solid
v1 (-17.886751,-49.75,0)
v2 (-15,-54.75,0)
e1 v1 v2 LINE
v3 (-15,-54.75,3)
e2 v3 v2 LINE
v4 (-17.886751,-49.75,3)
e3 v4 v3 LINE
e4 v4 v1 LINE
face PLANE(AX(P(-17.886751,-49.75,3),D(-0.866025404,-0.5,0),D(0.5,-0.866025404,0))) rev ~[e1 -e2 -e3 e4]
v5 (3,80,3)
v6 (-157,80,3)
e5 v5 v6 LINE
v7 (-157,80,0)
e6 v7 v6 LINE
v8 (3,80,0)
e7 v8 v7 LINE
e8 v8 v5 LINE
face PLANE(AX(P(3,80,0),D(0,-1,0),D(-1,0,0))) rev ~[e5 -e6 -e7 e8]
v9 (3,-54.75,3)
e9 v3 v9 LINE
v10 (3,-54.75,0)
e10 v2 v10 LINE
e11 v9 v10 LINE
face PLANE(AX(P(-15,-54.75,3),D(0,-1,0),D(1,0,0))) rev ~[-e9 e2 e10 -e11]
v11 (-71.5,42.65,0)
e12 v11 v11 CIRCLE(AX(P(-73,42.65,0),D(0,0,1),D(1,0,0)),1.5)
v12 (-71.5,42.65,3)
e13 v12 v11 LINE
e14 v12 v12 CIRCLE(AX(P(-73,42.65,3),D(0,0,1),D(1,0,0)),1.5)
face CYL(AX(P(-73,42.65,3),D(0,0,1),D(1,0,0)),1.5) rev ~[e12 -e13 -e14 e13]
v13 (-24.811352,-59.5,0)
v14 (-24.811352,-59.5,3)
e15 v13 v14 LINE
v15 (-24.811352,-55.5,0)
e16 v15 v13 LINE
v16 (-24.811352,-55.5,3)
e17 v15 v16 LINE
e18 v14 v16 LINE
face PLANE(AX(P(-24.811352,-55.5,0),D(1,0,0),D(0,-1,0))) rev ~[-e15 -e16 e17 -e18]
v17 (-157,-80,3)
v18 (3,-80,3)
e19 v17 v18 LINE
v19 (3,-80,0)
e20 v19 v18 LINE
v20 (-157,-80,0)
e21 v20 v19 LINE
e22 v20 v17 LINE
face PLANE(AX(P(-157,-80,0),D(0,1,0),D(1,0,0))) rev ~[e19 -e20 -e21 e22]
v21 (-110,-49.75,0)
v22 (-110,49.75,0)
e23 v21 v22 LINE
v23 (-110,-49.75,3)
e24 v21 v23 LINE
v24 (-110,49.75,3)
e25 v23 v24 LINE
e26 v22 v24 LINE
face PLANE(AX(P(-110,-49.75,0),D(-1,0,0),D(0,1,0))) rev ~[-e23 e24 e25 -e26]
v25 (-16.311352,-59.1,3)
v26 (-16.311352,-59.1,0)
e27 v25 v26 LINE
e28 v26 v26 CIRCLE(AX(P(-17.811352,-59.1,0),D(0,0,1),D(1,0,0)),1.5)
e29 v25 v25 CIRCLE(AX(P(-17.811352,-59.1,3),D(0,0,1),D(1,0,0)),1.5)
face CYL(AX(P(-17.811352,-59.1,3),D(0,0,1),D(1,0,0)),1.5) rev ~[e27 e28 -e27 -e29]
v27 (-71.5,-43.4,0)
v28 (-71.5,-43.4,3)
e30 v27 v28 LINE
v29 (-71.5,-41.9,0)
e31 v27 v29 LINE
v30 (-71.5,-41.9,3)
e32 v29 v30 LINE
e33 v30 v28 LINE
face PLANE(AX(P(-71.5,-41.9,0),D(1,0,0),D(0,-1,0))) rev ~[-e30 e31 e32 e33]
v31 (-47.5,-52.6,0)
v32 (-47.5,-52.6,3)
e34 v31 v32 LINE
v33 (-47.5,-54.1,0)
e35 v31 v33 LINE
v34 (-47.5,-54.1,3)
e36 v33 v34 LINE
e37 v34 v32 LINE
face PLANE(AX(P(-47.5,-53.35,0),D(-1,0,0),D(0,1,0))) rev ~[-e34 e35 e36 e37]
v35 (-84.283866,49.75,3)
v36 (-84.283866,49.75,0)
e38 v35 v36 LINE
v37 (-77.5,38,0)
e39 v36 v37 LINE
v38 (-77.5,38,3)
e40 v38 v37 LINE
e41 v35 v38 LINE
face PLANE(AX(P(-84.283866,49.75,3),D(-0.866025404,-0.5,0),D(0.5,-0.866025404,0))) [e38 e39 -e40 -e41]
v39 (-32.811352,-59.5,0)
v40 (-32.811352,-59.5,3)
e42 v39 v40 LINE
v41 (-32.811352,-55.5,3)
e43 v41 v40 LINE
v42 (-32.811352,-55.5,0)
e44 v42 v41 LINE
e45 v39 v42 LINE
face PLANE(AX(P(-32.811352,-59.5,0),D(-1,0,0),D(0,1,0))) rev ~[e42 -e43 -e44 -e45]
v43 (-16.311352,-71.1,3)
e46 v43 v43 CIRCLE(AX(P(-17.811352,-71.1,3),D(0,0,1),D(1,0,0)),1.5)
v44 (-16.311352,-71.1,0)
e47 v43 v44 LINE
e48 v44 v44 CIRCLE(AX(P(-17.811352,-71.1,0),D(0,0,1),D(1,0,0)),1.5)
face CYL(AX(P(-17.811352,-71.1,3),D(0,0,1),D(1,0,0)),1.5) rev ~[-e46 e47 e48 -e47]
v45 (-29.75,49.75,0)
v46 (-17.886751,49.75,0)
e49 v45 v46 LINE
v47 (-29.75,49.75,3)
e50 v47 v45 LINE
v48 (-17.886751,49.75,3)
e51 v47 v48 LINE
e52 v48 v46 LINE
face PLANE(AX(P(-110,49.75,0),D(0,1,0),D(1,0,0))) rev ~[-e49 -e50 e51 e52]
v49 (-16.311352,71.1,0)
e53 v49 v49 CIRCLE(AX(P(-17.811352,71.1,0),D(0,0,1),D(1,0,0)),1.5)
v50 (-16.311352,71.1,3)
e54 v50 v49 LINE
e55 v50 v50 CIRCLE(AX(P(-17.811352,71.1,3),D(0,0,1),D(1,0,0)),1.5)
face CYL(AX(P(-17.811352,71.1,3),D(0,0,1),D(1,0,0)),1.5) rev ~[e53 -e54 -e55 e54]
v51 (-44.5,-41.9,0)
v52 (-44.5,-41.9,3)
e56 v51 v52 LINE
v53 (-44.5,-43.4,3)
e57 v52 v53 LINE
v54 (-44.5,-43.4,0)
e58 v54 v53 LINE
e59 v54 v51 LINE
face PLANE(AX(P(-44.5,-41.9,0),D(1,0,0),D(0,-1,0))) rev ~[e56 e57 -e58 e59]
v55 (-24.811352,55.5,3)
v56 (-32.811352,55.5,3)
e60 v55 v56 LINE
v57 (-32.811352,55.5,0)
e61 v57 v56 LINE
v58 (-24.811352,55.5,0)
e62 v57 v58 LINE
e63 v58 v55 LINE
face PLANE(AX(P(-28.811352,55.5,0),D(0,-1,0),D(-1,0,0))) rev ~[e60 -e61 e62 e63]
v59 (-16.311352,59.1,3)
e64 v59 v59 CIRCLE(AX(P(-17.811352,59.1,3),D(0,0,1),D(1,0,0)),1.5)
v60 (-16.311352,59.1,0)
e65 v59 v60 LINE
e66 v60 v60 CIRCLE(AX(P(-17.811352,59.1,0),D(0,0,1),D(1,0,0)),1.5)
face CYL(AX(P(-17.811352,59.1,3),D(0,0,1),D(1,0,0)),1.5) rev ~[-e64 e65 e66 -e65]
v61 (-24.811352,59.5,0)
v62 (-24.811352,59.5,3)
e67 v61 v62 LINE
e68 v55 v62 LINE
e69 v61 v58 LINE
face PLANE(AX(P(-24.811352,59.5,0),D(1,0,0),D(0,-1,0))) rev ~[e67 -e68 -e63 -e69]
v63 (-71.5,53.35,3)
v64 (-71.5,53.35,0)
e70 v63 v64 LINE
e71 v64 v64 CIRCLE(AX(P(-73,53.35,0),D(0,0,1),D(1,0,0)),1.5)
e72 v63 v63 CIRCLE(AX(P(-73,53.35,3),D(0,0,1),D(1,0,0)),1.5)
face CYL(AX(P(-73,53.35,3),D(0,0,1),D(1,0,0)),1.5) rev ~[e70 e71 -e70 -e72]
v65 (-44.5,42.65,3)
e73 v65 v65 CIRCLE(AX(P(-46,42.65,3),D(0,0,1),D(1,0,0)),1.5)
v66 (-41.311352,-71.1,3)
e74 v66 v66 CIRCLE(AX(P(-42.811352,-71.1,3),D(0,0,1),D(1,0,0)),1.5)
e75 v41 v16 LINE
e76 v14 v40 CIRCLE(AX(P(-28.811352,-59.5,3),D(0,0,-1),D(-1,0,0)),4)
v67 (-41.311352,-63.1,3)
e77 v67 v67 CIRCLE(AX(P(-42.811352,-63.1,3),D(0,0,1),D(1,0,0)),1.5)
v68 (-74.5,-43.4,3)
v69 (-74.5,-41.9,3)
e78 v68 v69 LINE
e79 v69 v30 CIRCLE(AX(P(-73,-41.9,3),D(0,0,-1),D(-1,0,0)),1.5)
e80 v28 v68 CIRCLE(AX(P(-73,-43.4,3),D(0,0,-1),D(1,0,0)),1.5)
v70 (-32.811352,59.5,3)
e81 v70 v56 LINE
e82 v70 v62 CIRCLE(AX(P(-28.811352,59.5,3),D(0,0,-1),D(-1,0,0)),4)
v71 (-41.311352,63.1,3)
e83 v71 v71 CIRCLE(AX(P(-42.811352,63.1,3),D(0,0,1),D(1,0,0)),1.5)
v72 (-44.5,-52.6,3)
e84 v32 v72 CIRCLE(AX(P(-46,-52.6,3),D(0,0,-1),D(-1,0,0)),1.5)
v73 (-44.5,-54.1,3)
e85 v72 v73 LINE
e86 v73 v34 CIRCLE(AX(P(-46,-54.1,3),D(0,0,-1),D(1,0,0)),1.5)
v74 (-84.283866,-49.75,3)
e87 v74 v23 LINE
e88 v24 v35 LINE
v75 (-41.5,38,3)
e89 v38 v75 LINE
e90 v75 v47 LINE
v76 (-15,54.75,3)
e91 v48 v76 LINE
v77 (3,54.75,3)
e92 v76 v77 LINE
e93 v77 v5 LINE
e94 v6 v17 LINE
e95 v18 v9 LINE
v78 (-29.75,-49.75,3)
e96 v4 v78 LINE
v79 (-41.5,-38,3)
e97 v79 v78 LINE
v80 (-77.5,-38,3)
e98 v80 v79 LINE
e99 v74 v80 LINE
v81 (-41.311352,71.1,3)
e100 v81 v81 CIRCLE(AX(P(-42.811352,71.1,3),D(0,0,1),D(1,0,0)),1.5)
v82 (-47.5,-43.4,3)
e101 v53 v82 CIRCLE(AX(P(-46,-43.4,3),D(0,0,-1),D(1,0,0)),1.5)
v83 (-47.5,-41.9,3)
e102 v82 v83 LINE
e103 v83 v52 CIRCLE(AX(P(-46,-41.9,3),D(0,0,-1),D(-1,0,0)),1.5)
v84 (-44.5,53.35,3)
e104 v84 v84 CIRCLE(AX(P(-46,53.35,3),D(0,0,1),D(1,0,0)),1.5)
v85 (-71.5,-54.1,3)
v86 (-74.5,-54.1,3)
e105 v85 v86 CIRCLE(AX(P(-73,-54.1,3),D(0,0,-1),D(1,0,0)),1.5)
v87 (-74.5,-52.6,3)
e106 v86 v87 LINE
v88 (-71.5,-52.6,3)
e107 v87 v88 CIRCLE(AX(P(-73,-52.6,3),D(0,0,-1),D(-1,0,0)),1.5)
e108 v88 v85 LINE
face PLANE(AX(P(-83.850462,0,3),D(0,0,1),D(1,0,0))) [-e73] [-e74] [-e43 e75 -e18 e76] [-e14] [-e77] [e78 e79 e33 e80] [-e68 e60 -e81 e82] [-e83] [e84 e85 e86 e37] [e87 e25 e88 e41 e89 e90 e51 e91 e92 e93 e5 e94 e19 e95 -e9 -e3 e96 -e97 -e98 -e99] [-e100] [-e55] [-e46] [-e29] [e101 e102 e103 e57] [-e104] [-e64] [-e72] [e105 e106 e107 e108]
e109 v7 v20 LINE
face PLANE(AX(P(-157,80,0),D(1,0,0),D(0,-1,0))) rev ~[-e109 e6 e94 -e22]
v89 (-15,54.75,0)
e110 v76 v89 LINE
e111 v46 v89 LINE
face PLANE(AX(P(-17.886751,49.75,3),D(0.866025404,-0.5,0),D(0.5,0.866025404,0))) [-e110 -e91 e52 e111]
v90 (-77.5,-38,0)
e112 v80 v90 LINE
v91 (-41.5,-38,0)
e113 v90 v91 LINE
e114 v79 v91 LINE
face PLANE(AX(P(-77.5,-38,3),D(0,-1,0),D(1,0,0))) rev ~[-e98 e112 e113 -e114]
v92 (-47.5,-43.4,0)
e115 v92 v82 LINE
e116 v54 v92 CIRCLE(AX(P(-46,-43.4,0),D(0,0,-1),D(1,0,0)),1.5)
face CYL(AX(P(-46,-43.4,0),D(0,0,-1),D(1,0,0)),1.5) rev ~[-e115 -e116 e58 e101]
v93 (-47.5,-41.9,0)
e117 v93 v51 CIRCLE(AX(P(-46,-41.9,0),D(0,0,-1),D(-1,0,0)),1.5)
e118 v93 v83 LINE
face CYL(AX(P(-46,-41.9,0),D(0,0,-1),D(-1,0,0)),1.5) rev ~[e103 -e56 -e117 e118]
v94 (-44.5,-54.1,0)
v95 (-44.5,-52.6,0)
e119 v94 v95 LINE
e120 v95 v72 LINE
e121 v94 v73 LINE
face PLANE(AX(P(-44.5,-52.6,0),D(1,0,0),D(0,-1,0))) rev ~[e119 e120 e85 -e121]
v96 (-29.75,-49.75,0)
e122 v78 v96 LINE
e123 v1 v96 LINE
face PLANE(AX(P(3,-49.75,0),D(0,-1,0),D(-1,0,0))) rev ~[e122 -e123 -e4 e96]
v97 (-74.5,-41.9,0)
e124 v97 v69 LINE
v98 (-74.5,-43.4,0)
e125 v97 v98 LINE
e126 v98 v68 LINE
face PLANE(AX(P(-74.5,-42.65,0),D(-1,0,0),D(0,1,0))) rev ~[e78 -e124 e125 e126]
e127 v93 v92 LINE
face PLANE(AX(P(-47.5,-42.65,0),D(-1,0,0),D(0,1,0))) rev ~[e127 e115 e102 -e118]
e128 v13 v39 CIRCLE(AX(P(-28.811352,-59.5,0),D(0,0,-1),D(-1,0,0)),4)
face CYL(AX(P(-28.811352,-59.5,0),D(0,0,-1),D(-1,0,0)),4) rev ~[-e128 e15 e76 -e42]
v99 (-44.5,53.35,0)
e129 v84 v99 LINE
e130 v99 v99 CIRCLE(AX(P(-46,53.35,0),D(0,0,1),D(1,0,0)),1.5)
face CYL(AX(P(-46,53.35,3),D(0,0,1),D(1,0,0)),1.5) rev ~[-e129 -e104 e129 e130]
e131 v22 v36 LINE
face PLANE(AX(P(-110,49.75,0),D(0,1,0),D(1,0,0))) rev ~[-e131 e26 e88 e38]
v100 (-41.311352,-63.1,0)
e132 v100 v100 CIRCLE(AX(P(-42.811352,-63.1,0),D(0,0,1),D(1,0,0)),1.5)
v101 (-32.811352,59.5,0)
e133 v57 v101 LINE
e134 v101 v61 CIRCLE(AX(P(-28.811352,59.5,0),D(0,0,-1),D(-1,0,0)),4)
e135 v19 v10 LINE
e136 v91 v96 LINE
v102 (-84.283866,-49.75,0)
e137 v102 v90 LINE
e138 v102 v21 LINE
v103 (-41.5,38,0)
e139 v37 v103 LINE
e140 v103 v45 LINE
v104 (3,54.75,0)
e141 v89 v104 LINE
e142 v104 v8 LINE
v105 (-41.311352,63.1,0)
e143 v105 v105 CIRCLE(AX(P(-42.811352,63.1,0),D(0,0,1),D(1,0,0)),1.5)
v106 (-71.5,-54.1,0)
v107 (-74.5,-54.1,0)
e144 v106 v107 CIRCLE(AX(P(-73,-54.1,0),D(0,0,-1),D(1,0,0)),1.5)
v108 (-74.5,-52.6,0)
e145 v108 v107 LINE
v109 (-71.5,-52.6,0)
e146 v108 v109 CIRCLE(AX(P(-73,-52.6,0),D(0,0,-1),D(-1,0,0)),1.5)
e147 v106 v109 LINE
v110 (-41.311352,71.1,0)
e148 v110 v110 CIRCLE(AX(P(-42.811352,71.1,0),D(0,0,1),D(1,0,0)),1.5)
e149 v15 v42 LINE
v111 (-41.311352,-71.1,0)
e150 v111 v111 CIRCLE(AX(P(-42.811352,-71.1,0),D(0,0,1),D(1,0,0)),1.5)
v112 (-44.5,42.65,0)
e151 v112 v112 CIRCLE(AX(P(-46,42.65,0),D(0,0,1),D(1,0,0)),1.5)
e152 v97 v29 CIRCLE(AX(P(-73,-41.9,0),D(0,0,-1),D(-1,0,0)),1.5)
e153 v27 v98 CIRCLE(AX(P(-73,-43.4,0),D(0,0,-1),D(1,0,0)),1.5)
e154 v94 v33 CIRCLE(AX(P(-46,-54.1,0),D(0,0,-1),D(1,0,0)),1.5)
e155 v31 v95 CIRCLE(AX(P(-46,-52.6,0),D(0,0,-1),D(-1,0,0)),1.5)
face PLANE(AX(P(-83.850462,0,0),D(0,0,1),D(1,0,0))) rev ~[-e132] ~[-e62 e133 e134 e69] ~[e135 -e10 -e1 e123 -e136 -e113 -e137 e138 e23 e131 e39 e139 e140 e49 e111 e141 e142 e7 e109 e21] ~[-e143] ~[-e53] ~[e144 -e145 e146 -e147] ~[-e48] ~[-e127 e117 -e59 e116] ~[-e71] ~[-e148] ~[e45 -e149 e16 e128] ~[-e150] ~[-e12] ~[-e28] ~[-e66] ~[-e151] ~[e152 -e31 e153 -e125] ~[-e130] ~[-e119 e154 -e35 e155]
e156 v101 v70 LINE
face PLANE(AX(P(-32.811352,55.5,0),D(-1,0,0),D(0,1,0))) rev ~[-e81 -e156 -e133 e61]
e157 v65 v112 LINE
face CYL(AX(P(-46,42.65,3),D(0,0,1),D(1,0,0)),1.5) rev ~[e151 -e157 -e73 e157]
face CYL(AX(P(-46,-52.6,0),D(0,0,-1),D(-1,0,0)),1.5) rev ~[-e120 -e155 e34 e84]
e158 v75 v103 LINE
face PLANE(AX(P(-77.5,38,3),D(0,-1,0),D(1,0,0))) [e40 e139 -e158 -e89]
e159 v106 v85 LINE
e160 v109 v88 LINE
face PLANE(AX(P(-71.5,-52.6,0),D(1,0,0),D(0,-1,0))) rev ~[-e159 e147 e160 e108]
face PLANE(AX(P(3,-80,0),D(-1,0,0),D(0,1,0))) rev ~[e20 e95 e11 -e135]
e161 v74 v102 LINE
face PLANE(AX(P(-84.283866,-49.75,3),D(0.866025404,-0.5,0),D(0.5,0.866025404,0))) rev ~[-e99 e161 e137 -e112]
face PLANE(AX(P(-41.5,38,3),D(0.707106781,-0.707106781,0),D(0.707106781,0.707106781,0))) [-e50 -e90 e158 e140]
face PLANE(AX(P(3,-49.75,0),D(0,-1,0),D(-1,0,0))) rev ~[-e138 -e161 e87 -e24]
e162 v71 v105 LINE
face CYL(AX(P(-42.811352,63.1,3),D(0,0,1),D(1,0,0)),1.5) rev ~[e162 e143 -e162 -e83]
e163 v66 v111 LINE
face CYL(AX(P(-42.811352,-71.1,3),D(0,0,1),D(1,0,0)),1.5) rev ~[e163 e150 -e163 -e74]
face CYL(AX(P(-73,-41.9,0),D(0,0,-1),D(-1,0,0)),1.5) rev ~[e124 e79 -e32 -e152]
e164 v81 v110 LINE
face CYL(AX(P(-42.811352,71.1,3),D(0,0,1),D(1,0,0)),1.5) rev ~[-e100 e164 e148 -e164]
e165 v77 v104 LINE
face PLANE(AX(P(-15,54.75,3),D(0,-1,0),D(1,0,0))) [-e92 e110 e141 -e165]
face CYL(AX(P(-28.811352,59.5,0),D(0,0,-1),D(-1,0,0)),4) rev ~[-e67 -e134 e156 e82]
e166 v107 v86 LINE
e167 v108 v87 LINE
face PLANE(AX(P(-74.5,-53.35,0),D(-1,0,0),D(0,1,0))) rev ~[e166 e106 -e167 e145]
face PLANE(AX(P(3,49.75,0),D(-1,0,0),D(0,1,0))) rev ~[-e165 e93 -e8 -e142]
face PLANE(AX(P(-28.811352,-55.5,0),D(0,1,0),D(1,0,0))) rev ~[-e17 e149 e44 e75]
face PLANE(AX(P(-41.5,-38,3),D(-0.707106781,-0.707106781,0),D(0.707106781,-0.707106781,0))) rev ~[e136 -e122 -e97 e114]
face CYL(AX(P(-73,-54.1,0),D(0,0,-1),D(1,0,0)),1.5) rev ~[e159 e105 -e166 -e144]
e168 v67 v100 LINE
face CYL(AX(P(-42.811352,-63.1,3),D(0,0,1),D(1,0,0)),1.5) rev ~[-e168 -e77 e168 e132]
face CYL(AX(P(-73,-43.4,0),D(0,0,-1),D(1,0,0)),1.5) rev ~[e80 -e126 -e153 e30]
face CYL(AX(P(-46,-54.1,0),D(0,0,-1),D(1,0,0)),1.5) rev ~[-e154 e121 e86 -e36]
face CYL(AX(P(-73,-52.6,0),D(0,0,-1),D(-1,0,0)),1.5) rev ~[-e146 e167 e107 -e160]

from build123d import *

# Parameters (mm, degrees)
BOSS_EXTRUDE1_DEPTH = 3
BOSS_EXTRUDE2_DEPTH = 3
CUT_EXTRUDE1_DEPTH  = 4
SKETCH5_R           = 1.5
CUT_EXTRUDE2_DEPTH  = 10
SKETCH7_R           = 4
CUT_EXTRUDE3_DEPTH  = 6
SKETCH8_R           = 1.5
CUT_EXTRUDE4_DEPTH  = 4
CUT_EXTRUDE5_DEPTH  = 10
CUT_EXTRUDE6_DEPTH  = 4


with BuildPart() as part:
    # Sketch2 → Boss-Extrude1 (new body)
    with BuildSketch(Plane.XY):
        Polygon((-110, 49.75), (3, 49.75), (3, 80), (-157, 80), (-157, -80), (3, -80), (3, -49.75), (-110, -49.75), align=None)
    extrude(amount=BOSS_EXTRUDE1_DEPTH)

    # Sketch3 → Boss-Extrude2 (add)
    with BuildSketch(Plane.XY.offset(3)):
        Polygon((-77.5, 38), (-41.5, 38), (-29.75, 49.75), (-84.283865663, 49.75), align=None)
        Polygon((-29.75, -49.75), (-84.283865663, -49.75), (-77.5, -38), (-41.5, -38), align=None)
    extrude(amount=-BOSS_EXTRUDE2_DEPTH)

    # Sketch4 → Cut-Extrude1 (cut, through all)
    with BuildSketch(Plane.XY.offset(3)):
        Polygon((-17.886751346, -49.75), (-15, -54.75), (3, -54.75), (3, -49.75), align=None)
        Polygon((-17.886751346, 49.75), (-15, 54.75), (3, 54.75), (3, 49.75), align=None)
    extrude(amount=-CUT_EXTRUDE1_DEPTH, mode=Mode.SUBTRACT)

    # Sketch5 → Cut-Extrude2 (cut)
    with BuildSketch(Plane.XY.offset(3)):
        with Locations((-73, -42.65)):
            Circle(SKETCH5_R)
        with Locations((-46, -42.65)):
            Circle(SKETCH5_R)
        with Locations((-46, -53.35)):
            Circle(SKETCH5_R)
        with Locations((-73, -53.35)):
            Circle(SKETCH5_R)
        with Locations((-46, 42.65)):
            Circle(SKETCH5_R)
        with Locations((-73, 42.65)):
            Circle(SKETCH5_R)
        with Locations((-73, 53.35)):
            Circle(SKETCH5_R)
        with Locations((-46, 53.35)):
            Circle(SKETCH5_R)
    extrude(amount=-CUT_EXTRUDE2_DEPTH, mode=Mode.SUBTRACT)

    # Sketch7 → Cut-Extrude3 (cut)
    with BuildSketch(Plane(origin=(0, 0, 0), x_dir=(-1, 0, 0), z_dir=(0, 0, -1))):
        with Locations((28.811352149, -59.5)):
            Circle(SKETCH7_R)
        with Locations((28.811352149, 59.5)):
            Circle(SKETCH7_R)
    extrude(amount=-CUT_EXTRUDE3_DEPTH, mode=Mode.SUBTRACT)

    # Sketch8 → Cut-Extrude4 (cut)
    with BuildSketch(Plane.XY.offset(3)):
        with Locations((-17.811352149, 59.1)):
            Circle(SKETCH8_R)
        with Locations((-17.811352149, 71.1)):
            Circle(SKETCH8_R)
        with Locations((-42.811352149, 63.1)):
            Circle(SKETCH8_R)
        with Locations((-42.811352149, 71.1)):
            Circle(SKETCH8_R)
        with Locations((-42.811352149, -71.1)):
            Circle(SKETCH8_R)
        with Locations((-42.811352149, -63.1)):
            Circle(SKETCH8_R)
        with Locations((-17.811352149, -59.1)):
            Circle(SKETCH8_R)
        with Locations((-17.811352149, -71.1)):
            Circle(SKETCH8_R)
    extrude(amount=-CUT_EXTRUDE4_DEPTH, mode=Mode.SUBTRACT)

    # Sketch9 → Cut-Extrude5 (cut)
    with BuildSketch(Plane(origin=(0, 0, 0), x_dir=(-1, 0, 0), z_dir=(0, 0, -1))):
        with BuildLine():
            Line((32.811352149, -55.5), (28.811352149, -55.5))
            ThreePointArc((28.811352149, -55.5), (31.639779274, -56.671572875), (32.811352149, -59.5))
            Line((32.811352149, -59.5), (32.811352149, -55.5))
        make_face()
        with BuildLine():
            Line((24.811352149, -55.5), (24.811352149, -59.5))
            ThreePointArc((24.811352149, -59.5), (25.982925025, -56.671572875), (28.811352149, -55.5))
            Line((28.811352149, -55.5), (24.811352149, -55.5))
        make_face()
        with BuildLine():
            ThreePointArc((28.811352149, 55.5), (25.982925025, 56.671572875), (24.811352149, 59.5))
            Line((24.811352149, 59.5), (24.811352149, 55.5))
            Line((24.811352149, 55.5), (28.811352149, 55.5))
        make_face()
        with BuildLine():
            Line((32.811352149, 55.5), (32.811352149, 59.5))
            ThreePointArc((32.811352149, 59.5), (31.639779274, 56.671572875), (28.811352149, 55.5))
            Line((28.811352149, 55.5), (32.811352149, 55.5))
        make_face()
    extrude(amount=-CUT_EXTRUDE5_DEPTH, mode=Mode.SUBTRACT)

    # Sketch10 → Cut-Extrude6 (cut, through all)
    with BuildSketch(Plane(origin=(0, 0, 0), x_dir=(-1, 0, 0), z_dir=(0, 0, -1))):
        with BuildLine():
            Line((71.5, -52.6), (71.5, -53.35))
            ThreePointArc((71.5, -53.35), (73, -51.85), (74.5, -53.35))
            Line((74.5, -53.35), (74.5, -52.6))
            ThreePointArc((74.5, -52.6), (73, -51.1), (71.5, -52.6))
        make_face()
        with BuildLine():
            Line((71.5, -53.35), (71.5, -54.1))
            ThreePointArc((71.5, -54.1), (73, -55.6), (74.5, -54.1))
            Line((74.5, -54.1), (74.5, -53.35))
            ThreePointArc((74.5, -53.35), (73, -54.85), (71.5, -53.35))
        make_face()
        with BuildLine():
            Line((74.5, -43.4), (74.5, -42.65))
            ThreePointArc((74.5, -42.65), (73, -44.15), (71.5, -42.65))
            Line((71.5, -42.65), (71.5, -43.4))
            ThreePointArc((71.5, -43.4), (73, -44.9), (74.5, -43.4))
        make_face()
        with BuildLine():
            Line((74.5, -42.65), (74.5, -41.9))
            ThreePointArc((74.5, -41.9), (73, -40.4), (71.5, -41.9))
            Line((71.5, -41.9), (71.5, -42.65))
            ThreePointArc((71.5, -42.65), (73, -41.15), (74.5, -42.65))
        make_face()
        with BuildLine():
            Line((47.5, -42.65), (47.5, -41.9))
            ThreePointArc((47.5, -41.9), (46, -40.4), (44.5, -41.9))
            Line((44.5, -41.9), (44.5, -42.65))
            ThreePointArc((44.5, -42.65), (46, -41.15), (47.5, -42.65))
        make_face()
        with BuildLine():
            Line((47.5, -43.4), (47.5, -42.65))
            ThreePointArc((47.5, -42.65), (46, -44.15), (44.5, -42.65))
            Line((44.5, -42.65), (44.5, -43.4))
            ThreePointArc((44.5, -43.4), (46, -44.9), (47.5, -43.4))
        make_face()
        with BuildLine():
            Line((44.5, -52.6), (44.5, -53.35))
            ThreePointArc((44.5, -53.35), (46, -51.85), (47.5, -53.35))
            Line((47.5, -53.35), (47.5, -52.6))
            ThreePointArc((47.5, -52.6), (46, -51.1), (44.5, -52.6))
        make_face()
        with BuildLine():
            Line((44.5, -53.35), (44.5, -54.1))
            ThreePointArc((44.5, -54.1), (46, -55.6), (47.5, -54.1))
            Line((47.5, -54.1), (47.5, -53.35))
            ThreePointArc((47.5, -53.35), (46, -54.85), (44.5, -53.35))
        make_face()
    extrude(amount=-CUT_EXTRUDE6_DEPTH, mode=Mode.SUBTRACT)


solid = part.part
